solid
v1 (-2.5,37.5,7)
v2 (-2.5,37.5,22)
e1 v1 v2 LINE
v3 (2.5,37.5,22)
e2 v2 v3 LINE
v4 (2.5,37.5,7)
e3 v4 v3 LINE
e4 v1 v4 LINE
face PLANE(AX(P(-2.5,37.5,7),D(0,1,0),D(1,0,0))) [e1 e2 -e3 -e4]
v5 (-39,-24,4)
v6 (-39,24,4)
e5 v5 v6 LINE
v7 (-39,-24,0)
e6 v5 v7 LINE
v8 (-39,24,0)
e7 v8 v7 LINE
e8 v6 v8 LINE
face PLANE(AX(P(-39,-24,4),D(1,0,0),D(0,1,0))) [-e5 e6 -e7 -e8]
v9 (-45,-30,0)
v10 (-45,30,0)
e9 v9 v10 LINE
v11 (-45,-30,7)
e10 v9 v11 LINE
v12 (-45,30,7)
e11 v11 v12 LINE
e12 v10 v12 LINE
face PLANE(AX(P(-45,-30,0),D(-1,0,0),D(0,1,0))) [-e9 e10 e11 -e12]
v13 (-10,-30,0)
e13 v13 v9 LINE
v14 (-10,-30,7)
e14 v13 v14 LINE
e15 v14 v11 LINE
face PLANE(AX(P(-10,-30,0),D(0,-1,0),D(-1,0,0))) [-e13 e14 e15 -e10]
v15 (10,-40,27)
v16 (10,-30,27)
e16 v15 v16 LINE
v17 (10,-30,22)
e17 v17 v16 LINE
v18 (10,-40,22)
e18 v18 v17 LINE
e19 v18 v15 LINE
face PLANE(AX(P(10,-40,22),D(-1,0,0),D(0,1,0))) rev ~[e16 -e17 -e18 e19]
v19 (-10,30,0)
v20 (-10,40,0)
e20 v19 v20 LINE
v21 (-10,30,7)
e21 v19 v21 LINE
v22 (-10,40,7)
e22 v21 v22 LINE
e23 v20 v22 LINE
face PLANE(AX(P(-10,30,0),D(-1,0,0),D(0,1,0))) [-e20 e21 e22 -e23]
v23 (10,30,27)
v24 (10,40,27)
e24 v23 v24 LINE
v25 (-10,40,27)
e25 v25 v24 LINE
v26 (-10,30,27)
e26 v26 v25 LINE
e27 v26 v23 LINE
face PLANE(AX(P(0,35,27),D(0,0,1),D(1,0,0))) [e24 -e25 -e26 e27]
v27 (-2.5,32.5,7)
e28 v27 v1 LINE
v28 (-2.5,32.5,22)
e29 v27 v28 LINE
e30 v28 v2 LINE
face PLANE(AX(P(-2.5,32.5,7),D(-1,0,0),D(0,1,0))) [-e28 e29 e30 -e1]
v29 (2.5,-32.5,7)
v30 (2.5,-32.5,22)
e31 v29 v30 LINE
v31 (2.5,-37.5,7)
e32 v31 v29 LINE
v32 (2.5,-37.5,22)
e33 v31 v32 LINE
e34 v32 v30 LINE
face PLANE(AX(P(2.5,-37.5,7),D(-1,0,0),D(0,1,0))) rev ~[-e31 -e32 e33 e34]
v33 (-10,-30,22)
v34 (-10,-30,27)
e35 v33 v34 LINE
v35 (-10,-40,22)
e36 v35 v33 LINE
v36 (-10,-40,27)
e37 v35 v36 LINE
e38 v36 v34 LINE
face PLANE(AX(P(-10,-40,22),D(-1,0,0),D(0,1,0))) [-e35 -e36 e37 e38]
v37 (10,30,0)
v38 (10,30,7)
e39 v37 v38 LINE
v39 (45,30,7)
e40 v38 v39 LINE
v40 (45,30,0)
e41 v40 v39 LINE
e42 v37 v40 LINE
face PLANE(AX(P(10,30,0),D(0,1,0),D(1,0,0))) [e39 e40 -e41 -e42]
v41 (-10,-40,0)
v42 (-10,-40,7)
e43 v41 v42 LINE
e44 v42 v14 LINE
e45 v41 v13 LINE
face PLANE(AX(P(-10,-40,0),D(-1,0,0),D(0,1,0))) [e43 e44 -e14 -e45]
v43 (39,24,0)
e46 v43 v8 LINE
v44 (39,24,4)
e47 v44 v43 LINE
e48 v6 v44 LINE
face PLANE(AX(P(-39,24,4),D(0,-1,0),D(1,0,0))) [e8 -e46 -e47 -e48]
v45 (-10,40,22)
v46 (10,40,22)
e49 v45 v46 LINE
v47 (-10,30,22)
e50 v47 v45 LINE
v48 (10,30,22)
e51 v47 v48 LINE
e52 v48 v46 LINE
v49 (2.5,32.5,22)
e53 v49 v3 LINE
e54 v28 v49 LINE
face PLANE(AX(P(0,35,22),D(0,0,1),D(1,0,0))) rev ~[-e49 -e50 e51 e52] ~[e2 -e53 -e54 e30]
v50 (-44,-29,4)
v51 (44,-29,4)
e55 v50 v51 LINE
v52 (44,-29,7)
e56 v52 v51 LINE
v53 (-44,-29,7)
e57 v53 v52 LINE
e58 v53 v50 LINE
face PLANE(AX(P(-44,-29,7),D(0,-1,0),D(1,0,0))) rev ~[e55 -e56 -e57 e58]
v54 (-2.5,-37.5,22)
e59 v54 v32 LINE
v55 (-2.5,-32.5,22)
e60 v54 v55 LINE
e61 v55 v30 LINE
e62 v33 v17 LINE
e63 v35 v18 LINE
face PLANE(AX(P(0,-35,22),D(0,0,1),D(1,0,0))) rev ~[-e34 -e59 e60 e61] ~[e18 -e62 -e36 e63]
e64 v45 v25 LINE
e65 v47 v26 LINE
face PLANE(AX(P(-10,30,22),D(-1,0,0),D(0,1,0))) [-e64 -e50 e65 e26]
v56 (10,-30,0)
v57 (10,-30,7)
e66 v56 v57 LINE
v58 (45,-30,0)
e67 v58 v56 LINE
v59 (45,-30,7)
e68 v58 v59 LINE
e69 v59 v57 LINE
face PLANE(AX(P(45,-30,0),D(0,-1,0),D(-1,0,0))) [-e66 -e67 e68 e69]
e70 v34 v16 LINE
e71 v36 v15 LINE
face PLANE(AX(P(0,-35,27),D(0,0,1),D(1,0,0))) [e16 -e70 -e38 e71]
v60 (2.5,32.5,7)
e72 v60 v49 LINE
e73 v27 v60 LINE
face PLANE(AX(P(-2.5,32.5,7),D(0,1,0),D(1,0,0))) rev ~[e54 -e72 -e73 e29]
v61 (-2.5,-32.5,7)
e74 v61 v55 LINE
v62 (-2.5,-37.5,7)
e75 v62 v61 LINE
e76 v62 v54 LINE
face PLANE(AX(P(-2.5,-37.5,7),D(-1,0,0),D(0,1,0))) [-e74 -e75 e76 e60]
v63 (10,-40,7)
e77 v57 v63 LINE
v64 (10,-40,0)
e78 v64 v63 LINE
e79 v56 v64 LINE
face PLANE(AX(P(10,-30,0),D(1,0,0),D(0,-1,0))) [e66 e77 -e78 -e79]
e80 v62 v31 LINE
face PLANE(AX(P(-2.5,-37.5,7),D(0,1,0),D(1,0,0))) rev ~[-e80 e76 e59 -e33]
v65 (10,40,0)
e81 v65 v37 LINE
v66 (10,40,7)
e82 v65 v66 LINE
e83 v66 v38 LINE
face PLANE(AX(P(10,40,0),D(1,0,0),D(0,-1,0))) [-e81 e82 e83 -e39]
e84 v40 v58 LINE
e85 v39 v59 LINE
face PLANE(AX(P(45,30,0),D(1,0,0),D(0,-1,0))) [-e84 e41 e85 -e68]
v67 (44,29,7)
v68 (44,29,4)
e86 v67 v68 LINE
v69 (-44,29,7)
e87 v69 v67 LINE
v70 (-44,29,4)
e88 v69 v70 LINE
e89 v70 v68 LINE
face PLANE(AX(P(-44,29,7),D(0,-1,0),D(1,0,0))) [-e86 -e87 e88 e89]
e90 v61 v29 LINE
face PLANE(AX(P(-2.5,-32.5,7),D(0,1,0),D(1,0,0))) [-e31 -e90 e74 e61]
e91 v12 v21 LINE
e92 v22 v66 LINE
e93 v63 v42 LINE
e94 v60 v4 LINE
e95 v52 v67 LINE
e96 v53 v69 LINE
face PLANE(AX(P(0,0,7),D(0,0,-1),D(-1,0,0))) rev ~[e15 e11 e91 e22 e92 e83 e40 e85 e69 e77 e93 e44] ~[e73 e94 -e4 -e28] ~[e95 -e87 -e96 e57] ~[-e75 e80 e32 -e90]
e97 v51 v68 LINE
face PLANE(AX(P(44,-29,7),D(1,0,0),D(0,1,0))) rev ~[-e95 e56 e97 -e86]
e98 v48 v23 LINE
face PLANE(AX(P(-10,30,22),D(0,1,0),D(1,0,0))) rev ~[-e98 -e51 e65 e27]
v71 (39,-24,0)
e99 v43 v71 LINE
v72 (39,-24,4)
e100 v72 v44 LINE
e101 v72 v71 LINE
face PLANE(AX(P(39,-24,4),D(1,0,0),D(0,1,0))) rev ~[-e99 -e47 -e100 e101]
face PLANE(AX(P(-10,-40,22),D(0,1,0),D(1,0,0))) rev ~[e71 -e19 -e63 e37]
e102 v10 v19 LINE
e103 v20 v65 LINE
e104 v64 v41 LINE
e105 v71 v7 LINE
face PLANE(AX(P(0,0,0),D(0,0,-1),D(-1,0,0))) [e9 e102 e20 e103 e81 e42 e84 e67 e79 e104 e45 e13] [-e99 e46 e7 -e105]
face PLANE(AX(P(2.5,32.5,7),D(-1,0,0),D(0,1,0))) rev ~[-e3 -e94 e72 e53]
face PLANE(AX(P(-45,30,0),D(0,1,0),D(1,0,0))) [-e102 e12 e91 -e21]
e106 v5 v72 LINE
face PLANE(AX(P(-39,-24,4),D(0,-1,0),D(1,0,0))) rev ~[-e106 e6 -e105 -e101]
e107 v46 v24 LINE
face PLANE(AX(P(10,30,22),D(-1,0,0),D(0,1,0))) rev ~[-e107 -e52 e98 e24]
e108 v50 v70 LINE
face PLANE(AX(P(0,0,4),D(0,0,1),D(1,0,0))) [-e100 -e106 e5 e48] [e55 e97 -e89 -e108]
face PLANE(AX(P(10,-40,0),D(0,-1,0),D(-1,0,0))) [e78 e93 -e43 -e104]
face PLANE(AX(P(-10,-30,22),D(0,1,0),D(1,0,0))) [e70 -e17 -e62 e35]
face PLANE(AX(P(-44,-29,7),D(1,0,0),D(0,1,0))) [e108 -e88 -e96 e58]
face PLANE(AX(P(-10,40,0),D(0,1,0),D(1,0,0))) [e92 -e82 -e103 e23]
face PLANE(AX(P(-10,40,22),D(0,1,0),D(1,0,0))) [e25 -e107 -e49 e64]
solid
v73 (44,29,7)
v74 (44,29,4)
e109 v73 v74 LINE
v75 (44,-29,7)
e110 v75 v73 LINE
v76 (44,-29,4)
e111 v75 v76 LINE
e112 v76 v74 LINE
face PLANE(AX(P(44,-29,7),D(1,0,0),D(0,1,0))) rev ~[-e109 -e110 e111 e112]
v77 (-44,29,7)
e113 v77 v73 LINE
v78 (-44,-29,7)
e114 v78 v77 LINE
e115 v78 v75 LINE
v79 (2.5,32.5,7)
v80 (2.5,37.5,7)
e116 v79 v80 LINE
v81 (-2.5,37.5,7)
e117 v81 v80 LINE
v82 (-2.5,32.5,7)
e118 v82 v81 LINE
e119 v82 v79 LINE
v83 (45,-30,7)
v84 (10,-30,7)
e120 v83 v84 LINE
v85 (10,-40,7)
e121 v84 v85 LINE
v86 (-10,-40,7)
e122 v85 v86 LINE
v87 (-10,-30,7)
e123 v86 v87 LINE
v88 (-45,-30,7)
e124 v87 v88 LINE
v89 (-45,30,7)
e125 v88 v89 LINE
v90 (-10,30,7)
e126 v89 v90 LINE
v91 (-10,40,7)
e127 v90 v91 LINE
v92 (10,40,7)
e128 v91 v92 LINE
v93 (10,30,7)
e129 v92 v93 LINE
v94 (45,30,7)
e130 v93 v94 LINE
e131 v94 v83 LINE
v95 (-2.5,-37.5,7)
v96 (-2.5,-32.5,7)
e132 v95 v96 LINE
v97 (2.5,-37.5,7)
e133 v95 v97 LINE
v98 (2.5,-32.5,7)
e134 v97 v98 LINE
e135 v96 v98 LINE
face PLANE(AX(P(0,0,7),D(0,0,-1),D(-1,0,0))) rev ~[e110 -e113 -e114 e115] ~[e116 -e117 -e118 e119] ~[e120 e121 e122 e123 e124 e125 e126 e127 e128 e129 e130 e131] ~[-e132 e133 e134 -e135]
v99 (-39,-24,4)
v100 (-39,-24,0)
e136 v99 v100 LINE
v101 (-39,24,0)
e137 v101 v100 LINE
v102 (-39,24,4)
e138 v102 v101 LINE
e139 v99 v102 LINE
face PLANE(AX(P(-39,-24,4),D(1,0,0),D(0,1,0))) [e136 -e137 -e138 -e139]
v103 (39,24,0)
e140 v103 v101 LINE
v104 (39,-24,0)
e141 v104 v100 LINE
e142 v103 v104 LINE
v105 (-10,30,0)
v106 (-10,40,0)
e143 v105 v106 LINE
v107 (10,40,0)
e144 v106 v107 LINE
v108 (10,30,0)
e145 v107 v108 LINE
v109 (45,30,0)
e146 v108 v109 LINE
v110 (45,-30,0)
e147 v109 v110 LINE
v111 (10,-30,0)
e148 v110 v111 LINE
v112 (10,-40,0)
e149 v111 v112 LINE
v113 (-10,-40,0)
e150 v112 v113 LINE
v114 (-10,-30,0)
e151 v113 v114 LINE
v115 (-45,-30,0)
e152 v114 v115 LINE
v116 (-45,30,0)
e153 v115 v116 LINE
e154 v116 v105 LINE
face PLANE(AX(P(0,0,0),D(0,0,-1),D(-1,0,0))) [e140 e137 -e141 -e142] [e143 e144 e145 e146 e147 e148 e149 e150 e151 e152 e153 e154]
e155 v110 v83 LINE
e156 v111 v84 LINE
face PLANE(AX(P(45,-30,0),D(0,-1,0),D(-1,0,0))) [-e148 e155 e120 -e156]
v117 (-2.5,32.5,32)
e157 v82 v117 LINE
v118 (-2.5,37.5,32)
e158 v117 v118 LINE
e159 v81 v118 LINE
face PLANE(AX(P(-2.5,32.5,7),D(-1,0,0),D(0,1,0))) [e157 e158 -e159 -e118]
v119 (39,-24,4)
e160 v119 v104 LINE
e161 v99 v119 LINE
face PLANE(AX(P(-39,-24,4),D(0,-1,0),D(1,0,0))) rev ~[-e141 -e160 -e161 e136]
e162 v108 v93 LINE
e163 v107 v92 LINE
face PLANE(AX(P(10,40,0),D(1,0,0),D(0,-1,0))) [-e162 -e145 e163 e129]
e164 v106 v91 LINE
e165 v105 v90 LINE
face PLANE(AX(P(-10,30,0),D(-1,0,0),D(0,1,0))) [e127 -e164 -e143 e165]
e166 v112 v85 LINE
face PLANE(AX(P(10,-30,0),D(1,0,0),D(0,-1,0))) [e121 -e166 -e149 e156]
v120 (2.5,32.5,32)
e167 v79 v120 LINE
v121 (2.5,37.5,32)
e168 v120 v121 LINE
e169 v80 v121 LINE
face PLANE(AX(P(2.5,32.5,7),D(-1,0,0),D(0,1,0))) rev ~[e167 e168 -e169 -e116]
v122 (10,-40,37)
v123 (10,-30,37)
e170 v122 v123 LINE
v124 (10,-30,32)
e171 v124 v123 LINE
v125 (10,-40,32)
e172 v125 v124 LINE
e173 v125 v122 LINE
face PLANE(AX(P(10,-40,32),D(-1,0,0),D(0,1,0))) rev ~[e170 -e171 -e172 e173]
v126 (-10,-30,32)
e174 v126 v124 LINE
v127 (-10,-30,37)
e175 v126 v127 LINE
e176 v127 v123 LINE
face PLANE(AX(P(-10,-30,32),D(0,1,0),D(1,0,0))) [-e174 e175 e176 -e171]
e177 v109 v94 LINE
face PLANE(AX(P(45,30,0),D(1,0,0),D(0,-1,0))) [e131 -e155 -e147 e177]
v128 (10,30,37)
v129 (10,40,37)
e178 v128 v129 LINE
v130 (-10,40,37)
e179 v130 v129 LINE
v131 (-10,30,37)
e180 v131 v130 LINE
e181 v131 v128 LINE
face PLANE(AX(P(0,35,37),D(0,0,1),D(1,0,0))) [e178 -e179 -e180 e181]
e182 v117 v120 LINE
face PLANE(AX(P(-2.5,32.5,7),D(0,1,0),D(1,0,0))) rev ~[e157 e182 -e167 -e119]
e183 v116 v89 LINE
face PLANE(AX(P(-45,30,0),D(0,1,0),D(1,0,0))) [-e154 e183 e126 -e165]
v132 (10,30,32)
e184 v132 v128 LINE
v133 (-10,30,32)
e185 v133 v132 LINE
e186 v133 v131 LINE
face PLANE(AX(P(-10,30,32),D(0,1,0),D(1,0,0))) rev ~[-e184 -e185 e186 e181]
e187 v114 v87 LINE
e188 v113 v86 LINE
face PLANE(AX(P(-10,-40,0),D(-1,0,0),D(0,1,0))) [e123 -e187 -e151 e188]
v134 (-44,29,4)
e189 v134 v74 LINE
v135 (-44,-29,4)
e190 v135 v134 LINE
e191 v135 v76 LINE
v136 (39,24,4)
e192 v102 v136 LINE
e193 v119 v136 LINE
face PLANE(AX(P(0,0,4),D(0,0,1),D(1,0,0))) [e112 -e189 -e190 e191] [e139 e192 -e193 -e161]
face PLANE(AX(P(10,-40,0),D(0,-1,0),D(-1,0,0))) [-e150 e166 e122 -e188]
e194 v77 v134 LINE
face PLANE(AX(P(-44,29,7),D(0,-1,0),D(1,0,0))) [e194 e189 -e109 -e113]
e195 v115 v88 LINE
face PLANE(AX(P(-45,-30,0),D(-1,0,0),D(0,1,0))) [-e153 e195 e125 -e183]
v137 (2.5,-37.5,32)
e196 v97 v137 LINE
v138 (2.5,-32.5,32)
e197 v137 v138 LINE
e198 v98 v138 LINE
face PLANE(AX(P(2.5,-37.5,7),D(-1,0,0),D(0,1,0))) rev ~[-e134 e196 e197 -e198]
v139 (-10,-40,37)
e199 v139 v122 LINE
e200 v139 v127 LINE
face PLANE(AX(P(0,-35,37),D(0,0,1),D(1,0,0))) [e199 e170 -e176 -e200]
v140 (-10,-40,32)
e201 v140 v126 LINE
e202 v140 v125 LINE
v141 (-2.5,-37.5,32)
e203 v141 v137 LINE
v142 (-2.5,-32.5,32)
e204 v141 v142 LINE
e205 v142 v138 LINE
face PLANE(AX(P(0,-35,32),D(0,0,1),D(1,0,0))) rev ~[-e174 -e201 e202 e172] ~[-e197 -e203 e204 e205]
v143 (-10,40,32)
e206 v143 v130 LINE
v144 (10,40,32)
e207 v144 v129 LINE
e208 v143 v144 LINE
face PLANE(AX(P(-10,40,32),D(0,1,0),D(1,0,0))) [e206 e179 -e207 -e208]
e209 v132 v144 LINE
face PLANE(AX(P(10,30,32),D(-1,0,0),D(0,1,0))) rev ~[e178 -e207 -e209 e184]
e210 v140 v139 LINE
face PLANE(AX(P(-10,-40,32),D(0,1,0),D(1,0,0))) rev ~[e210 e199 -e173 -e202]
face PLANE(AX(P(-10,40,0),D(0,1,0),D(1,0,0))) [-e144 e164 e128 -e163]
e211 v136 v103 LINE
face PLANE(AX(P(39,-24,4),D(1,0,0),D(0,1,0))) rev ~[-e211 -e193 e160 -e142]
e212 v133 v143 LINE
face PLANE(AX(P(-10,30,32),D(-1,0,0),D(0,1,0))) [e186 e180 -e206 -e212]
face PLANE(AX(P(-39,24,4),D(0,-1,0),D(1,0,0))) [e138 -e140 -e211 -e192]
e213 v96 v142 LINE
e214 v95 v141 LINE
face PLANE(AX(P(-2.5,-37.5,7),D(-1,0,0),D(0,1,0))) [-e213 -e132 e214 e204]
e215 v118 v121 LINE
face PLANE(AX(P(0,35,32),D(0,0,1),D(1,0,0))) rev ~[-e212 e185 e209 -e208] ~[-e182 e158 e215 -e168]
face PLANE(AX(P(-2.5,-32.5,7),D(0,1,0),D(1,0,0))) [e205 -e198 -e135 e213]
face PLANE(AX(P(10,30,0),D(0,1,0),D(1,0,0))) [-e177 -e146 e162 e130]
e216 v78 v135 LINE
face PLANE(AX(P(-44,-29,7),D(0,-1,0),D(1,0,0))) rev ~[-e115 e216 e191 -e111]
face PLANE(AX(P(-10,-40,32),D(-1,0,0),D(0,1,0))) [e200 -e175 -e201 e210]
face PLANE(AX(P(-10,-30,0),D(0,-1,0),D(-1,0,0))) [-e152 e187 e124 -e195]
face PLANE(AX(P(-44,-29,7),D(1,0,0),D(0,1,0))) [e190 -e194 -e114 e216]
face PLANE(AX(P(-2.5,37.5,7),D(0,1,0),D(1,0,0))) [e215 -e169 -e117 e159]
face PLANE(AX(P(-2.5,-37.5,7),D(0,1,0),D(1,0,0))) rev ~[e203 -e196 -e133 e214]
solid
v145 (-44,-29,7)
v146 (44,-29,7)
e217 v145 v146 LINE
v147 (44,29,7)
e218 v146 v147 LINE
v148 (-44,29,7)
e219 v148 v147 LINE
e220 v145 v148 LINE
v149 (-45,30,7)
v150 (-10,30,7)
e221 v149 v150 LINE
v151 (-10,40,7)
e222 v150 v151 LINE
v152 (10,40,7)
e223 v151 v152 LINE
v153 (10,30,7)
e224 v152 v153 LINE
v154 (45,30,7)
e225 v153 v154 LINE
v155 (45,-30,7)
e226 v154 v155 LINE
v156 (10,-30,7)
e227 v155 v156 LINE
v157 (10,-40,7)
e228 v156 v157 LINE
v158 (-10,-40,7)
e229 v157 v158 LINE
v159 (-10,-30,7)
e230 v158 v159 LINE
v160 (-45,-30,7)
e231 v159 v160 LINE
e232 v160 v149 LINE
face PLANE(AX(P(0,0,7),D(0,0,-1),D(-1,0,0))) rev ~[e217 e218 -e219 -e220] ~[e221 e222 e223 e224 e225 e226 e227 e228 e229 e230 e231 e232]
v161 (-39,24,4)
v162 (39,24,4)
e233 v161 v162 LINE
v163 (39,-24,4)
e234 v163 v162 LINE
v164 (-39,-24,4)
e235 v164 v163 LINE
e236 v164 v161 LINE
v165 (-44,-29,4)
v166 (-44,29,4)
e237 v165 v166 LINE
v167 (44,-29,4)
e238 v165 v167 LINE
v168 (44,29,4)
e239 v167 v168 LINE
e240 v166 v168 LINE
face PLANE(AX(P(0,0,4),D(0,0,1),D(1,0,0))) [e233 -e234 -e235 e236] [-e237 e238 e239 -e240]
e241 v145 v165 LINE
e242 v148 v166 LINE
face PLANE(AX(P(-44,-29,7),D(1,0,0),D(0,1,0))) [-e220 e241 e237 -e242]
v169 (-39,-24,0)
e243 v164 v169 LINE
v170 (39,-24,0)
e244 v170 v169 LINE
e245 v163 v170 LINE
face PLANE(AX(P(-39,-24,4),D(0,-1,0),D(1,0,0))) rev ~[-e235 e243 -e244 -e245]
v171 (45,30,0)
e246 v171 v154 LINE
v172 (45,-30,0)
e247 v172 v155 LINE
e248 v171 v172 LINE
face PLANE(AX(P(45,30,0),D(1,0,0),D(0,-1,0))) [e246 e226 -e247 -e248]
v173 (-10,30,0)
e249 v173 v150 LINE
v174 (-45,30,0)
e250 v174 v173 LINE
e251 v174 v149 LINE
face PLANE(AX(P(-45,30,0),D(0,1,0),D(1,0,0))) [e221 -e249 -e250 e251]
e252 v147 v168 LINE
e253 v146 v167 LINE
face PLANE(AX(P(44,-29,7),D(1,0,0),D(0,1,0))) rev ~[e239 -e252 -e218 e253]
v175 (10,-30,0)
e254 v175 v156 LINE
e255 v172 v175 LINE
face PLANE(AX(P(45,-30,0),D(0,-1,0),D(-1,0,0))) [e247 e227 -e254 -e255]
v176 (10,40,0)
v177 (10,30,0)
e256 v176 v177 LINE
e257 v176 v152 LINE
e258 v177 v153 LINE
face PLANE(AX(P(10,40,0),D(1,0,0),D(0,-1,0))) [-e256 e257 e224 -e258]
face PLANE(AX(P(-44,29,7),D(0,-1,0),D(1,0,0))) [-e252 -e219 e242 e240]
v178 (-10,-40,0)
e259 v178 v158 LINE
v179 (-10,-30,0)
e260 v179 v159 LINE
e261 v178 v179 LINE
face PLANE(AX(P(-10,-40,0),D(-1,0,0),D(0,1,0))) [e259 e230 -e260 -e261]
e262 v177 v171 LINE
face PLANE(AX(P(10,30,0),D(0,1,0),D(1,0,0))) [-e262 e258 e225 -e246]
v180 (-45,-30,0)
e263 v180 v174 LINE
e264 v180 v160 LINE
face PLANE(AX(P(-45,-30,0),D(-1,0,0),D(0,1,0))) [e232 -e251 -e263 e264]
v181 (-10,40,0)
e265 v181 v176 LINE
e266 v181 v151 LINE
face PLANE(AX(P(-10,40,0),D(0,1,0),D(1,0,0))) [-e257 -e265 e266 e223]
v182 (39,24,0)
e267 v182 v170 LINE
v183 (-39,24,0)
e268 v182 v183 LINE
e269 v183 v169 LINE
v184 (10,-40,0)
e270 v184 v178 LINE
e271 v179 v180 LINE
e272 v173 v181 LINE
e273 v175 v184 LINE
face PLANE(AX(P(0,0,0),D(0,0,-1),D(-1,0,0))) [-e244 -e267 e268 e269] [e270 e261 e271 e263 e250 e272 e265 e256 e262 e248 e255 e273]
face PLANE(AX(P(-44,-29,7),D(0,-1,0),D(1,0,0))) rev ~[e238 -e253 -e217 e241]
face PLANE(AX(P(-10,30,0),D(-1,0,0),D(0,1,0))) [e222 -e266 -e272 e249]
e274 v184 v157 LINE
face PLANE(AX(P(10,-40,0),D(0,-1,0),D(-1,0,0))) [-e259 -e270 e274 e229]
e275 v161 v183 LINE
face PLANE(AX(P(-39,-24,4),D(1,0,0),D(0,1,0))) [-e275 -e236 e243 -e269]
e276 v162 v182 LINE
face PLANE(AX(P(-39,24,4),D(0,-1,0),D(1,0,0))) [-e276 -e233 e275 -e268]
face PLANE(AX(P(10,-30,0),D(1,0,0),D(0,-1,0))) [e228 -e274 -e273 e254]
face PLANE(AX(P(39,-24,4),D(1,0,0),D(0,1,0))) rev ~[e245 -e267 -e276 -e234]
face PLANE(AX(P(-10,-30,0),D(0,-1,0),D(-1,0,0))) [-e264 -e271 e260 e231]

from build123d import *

# Parameters (mm, degrees)
PAD_DEPTH       = 7
SKETCH005_W     = 88
SKETCH005_H     = 58
POCKET_DEPTH    = 3
SKETCH_W        = 78
SKETCH_H        = 48
POCKET001_DEPTH = 5
SKETCH006_W     = 5
SKETCH006_H     = 5
PAD001_DEPTH    = 25
SKETCH007_W     = 5
SKETCH007_H     = 5
PAD002_DEPTH    = 25
SKETCH008_W     = 20
SKETCH008_H     = 10
PAD003_DEPTH    = 5
SKETCH009_W     = 20
SKETCH009_H     = 10
PAD004_DEPTH    = 5
PAD006_DEPTH    = 7
SKETCH010_W     = 88
SKETCH010_H     = 58
POCKET003_DEPTH = 3
SKETCH011_W     = 78
SKETCH011_H     = 48
POCKET002_DEPTH = 5
SKETCH016_W     = 5
SKETCH016_H     = 5
PAD007_DEPTH    = 15
SKETCH014_W     = 5
SKETCH014_H     = 5
PAD005_DEPTH    = 15
SKETCH015_W     = 20
SKETCH015_H     = 10
PAD008_DEPTH    = 5
SKETCH013_W     = 20
SKETCH013_H     = 10
PAD009_DEPTH    = 5
PAD011_DEPTH    = 7
SKETCH017_W     = 88
SKETCH017_H     = 58
POCKET005_DEPTH = 3
SKETCH018_W     = 78
SKETCH018_H     = 48
POCKET004_DEPTH = 5


with BuildPart() as mitte:
    # Sketch004 → Pad (new body)
    with BuildSketch(Plane.XY):
        Polygon((45, 30), (45, -30), (10, -30), (10, -40), (-10, -40), (-10, -30), (-45, -30), (-45, 30), (-10, 30), (-10, 40), (10, 40), (10, 30), align=None)
    extrude(amount=PAD_DEPTH)

    # Sketch005 (on Face14 of Pad) → Pocket (cut)
    with BuildSketch(Plane.XY.offset(7)):
        Rectangle(SKETCH005_W, SKETCH005_H)
    extrude(amount=-POCKET_DEPTH, mode=Mode.SUBTRACT)

    # Sketch (on Face19 of Pocket) → Pocket001 (cut)
    with BuildSketch(Plane.XY.offset(4)):
        Rectangle(SKETCH_W, SKETCH_H)
    extrude(amount=-POCKET001_DEPTH, mode=Mode.SUBTRACT)

    # Sketch006 (on Face5 of Pocket001) → Pad001 (join)
    with BuildSketch(Plane.XY.offset(7)):
        with Locations((0, 35)):
            Rectangle(SKETCH006_W, SKETCH006_H)
    extrude(amount=PAD001_DEPTH)

    # Sketch007 (on Face5 of Pocket001) → Pad002 (join)
    with BuildSketch(Plane.XY.offset(7)):
        with Locations((0, -35)):
            Rectangle(SKETCH007_W, SKETCH007_H)
    extrude(amount=PAD002_DEPTH)

    # Sketch008 (on Face33 of Pad002) → Pad003 (join)
    with BuildSketch(Plane.XY.offset(32)):
        with Locations((0, -35)):
            Rectangle(SKETCH008_W, SKETCH008_H)
    extrude(amount=PAD003_DEPTH)

    # Sketch009 (on Face33 of Pad002) → Pad004 (join)
    with BuildSketch(Plane.XY.offset(32)):
        with Locations((0, 35)):
            Rectangle(SKETCH009_W, SKETCH009_H)
    extrude(amount=PAD004_DEPTH)


with BuildPart() as unten:
    # Sketch012 → Pad006 (new body)
    with BuildSketch(Plane.XY):
        Polygon((45, 30), (45, -30), (10, -30), (10, -40), (-10, -40), (-10, -30), (-45, -30), (-45, 30), (-10, 30), (-10, 40), (10, 40), (10, 30), align=None)
    extrude(amount=PAD006_DEPTH)

    # Sketch010 (on Face14 of Pad006) → Pocket003 (cut)
    with BuildSketch(Plane.XY.offset(7)):
        Rectangle(SKETCH010_W, SKETCH010_H)
    extrude(amount=-POCKET003_DEPTH, mode=Mode.SUBTRACT)

    # Sketch011 (on Face19 of Pocket003) → Pocket002 (cut)
    with BuildSketch(Plane.XY.offset(4)):
        Rectangle(SKETCH011_W, SKETCH011_H)
    extrude(amount=-POCKET002_DEPTH, mode=Mode.SUBTRACT)

    # Sketch016 (on Face5 of Pocket002) → Pad007 (join)
    with BuildSketch(Plane.XY.offset(7)):
        with Locations((0, 35)):
            Rectangle(SKETCH016_W, SKETCH016_H)
    extrude(amount=PAD007_DEPTH)

    # Sketch014 (on Face5 of Pocket002) → Pad005 (join)
    with BuildSketch(Plane.XY.offset(7)):
        with Locations((0, -35)):
            Rectangle(SKETCH014_W, SKETCH014_H)
    extrude(amount=PAD005_DEPTH)

    # Sketch015 (on Face33 of Pad005) → Pad008 (join)
    with BuildSketch(Plane.XY.offset(22)):
        with Locations((0, -35)):
            Rectangle(SKETCH015_W, SKETCH015_H)
    extrude(amount=PAD008_DEPTH)

    # Sketch013 (on Face33 of Pad005) → Pad009 (join)
    with BuildSketch(Plane.XY.offset(22)):
        with Locations((0, 35)):
            Rectangle(SKETCH013_W, SKETCH013_H)
    extrude(amount=PAD009_DEPTH)


with BuildPart() as oben:
    # Sketch019 → Pad011 (new body)
    with BuildSketch(Plane.XY):
        Polygon((45, 30), (45, -30), (10, -30), (10, -40), (-10, -40), (-10, -30), (-45, -30), (-45, 30), (-10, 30), (-10, 40), (10, 40), (10, 30), align=None)
    extrude(amount=PAD011_DEPTH)

    # Sketch017 (on Face14 of Pad011) → Pocket005 (cut)
    with BuildSketch(Plane.XY.offset(7)):
        Rectangle(SKETCH017_W, SKETCH017_H)
    extrude(amount=-POCKET005_DEPTH, mode=Mode.SUBTRACT)

    # Sketch018 (on Face19 of Pocket005) → Pocket004 (cut)
    with BuildSketch(Plane.XY.offset(4)):
        Rectangle(SKETCH018_W, SKETCH018_H)
    extrude(amount=-POCKET004_DEPTH, mode=Mode.SUBTRACT)


solid = Compound([mitte.part, unten.part, oben.part])
